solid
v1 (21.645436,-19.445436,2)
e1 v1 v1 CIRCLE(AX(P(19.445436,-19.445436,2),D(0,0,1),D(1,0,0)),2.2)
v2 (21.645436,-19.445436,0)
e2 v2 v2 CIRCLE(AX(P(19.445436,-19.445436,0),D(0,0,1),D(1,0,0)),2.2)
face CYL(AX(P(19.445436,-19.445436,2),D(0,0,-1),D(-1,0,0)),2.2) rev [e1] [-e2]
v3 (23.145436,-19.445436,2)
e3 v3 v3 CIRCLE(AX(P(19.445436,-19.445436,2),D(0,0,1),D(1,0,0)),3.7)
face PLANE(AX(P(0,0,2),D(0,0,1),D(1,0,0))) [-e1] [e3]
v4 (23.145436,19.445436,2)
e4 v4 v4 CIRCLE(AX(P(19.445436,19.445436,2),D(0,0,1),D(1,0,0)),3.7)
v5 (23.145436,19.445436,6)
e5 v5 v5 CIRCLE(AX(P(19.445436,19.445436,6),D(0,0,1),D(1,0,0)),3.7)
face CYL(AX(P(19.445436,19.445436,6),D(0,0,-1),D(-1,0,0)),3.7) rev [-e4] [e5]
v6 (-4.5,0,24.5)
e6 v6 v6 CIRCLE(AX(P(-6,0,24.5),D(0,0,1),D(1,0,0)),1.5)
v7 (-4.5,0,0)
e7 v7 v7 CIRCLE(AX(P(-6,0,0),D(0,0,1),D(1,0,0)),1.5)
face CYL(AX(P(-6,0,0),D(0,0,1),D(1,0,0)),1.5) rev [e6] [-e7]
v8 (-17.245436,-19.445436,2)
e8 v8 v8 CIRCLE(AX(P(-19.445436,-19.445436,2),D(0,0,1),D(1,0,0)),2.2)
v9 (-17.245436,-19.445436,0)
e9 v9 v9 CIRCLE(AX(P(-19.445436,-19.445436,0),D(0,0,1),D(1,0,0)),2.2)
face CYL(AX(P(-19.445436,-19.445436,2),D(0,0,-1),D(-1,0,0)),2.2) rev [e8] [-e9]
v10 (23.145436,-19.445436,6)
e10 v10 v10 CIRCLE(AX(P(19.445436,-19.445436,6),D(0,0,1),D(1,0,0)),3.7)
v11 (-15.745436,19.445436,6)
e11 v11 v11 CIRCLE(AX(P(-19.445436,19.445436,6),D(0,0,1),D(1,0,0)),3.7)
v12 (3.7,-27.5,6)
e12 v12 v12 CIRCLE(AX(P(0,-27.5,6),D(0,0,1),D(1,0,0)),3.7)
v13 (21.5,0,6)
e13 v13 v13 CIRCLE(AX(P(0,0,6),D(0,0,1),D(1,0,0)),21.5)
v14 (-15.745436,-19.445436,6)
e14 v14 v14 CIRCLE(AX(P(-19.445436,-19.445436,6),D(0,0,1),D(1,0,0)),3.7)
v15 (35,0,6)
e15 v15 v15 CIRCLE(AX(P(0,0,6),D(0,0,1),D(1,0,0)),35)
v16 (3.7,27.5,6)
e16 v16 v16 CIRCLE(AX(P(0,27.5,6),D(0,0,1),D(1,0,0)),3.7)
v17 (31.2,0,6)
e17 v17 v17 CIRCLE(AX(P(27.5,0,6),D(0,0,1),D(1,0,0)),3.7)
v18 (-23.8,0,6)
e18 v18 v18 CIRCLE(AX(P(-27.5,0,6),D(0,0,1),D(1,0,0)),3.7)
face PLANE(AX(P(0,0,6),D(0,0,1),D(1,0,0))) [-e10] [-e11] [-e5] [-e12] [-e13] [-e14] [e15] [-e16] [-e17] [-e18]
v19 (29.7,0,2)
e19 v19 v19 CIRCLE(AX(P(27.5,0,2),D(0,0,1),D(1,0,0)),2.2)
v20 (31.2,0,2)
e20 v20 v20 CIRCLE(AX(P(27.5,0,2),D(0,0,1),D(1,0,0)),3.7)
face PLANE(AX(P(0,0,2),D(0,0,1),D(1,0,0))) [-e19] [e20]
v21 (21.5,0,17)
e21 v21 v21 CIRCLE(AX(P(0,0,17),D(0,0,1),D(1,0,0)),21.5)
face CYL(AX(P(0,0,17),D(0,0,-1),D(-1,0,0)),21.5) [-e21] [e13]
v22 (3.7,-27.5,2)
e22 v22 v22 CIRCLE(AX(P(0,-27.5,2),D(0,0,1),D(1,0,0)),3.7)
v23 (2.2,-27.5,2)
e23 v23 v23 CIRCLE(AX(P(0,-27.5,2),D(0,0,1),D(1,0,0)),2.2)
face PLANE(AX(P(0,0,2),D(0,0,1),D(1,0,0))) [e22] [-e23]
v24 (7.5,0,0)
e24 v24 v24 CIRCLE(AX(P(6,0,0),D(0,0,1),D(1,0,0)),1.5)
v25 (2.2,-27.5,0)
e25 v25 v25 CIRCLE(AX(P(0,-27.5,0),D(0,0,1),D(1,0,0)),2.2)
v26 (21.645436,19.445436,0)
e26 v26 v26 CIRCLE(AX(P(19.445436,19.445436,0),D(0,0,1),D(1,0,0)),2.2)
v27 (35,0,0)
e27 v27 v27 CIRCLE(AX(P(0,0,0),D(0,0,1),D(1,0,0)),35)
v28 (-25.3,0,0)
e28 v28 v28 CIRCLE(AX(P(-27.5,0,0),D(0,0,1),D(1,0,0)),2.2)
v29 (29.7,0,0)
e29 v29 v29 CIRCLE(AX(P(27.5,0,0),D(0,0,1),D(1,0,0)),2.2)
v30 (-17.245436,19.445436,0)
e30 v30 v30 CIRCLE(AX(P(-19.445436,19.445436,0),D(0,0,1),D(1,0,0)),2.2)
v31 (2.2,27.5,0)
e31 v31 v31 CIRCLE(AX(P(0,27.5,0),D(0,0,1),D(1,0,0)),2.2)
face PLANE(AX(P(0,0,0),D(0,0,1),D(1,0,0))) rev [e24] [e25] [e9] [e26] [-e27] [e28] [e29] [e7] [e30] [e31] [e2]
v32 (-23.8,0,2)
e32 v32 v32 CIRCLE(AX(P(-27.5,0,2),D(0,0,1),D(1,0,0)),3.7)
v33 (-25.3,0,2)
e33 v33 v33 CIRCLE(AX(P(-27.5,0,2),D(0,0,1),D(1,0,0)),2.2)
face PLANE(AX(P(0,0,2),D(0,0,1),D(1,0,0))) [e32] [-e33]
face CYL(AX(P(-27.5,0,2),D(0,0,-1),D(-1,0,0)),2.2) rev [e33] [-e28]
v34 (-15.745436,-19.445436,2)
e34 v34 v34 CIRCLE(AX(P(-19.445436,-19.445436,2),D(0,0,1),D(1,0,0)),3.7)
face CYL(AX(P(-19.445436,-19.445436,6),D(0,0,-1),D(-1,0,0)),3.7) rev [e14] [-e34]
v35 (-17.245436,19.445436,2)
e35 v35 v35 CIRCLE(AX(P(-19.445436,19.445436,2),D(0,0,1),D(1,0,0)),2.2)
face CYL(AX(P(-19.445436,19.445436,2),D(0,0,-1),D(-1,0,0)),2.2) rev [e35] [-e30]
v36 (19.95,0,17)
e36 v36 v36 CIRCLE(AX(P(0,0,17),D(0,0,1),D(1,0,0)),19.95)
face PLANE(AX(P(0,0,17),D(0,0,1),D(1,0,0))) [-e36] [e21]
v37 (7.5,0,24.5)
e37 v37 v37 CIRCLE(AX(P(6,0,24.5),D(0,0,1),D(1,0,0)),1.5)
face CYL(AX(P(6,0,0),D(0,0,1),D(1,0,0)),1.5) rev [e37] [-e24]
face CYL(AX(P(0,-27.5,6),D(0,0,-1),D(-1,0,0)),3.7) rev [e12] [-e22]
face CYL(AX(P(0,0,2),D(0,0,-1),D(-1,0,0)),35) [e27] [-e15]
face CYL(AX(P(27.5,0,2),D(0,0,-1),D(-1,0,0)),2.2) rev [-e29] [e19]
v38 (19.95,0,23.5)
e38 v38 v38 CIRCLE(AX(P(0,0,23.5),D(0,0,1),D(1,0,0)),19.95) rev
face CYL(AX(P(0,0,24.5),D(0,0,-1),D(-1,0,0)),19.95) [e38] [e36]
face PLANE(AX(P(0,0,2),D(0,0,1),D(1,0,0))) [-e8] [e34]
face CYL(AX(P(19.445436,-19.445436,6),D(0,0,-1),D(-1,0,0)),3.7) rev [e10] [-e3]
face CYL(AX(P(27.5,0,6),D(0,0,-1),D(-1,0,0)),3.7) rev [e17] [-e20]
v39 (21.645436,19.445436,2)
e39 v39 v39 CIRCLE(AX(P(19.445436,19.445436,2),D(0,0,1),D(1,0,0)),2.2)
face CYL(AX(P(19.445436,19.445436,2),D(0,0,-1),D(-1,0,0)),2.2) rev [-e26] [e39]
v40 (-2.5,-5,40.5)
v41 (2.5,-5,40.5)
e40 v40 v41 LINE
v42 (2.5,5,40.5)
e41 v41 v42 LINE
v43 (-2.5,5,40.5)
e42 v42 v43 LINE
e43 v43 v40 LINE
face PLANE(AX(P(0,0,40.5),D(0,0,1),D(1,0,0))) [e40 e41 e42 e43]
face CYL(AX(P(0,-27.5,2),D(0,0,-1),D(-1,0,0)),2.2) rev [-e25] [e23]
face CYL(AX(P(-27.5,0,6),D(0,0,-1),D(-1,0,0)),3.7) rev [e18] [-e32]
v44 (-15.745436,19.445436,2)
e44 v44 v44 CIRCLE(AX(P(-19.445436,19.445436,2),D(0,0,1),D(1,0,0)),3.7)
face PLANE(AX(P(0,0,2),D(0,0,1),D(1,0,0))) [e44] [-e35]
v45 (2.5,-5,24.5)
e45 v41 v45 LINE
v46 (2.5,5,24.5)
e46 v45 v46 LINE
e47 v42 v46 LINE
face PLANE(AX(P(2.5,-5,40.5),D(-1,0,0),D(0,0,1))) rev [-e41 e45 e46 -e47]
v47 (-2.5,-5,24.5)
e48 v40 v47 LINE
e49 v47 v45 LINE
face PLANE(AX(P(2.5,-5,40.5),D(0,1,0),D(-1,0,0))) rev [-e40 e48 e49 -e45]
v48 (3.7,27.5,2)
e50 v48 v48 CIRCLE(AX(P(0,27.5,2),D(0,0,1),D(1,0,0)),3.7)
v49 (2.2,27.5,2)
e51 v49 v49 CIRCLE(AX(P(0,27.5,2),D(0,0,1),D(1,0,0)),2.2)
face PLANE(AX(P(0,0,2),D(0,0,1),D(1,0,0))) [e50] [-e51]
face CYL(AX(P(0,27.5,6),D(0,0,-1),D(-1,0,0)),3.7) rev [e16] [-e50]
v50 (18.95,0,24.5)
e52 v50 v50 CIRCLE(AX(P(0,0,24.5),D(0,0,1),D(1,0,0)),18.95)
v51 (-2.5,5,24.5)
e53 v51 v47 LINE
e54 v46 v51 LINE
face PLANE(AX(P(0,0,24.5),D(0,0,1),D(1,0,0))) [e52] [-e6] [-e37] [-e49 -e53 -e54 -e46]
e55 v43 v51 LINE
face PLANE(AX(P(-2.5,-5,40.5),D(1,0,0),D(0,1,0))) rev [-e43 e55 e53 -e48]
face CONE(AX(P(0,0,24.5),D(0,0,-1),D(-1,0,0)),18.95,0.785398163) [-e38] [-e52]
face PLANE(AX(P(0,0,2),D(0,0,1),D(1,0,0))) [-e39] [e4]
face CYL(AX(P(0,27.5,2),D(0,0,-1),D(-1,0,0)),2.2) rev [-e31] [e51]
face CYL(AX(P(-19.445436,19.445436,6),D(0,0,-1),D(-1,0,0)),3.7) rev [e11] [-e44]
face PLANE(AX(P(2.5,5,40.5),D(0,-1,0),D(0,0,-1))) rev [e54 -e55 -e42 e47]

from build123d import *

# Parameters (mm, degrees)
SKETCH1_R           = 35
SKETCH1_R_2         = 2.2
BOSS_EXTRUDE1_DEPTH = 2
SKETCH2_R           = 35
SKETCH2_R_2         = 3.7
BOSS_EXTRUDE2_DEPTH = 4
SKETCH4_R           = 19.95
BOSS_EXTRUDE3_DEPTH = 18.5
SKETCH6_W           = 5
SKETCH6_H           = 10
BOSS_EXTRUDE4_DEPTH = 16
SKETCH7_R           = 21.5
BOSS_EXTRUDE5_DEPTH = 11
SKETCH5_R           = 1.5
CUT_EXTRUDE1_DEPTH  = 25.5
CHAMFER1_SIZE       = 1


with BuildPart() as part:
    # Sketch1 → Boss-Extrude1 (new body)
    with BuildSketch(Plane.XY):
        Circle(SKETCH1_R)
        with Locations((0, 27.5)):
            Circle(SKETCH1_R_2, mode=Mode.SUBTRACT)
        with Locations((19.445436483, 19.445436483)):
            Circle(SKETCH1_R_2, mode=Mode.SUBTRACT)
        with Locations((27.5, 0)):
            Circle(SKETCH1_R_2, mode=Mode.SUBTRACT)
        with Locations((19.445436483, -19.445436483)):
            Circle(SKETCH1_R_2, mode=Mode.SUBTRACT)
        with Locations((0, -27.5)):
            Circle(SKETCH1_R_2, mode=Mode.SUBTRACT)
        with Locations((-19.445436483, -19.445436483)):
            Circle(SKETCH1_R_2, mode=Mode.SUBTRACT)
        with Locations((-27.5, 0)):
            Circle(SKETCH1_R_2, mode=Mode.SUBTRACT)
        with Locations((-19.445436483, 19.445436483)):
            Circle(SKETCH1_R_2, mode=Mode.SUBTRACT)
    extrude(amount=BOSS_EXTRUDE1_DEPTH)

    # Sketch2 → Boss-Extrude2 (add)
    with BuildSketch(Plane.XY.offset(2)):
        Circle(SKETCH2_R)
        with Locations((-27.5, 0)):
            Circle(SKETCH2_R_2, mode=Mode.SUBTRACT)
        with Locations((0, -27.5)):
            Circle(SKETCH2_R_2, mode=Mode.SUBTRACT)
        with Locations((27.5, 0)):
            Circle(SKETCH2_R_2, mode=Mode.SUBTRACT)
        with Locations((0, 27.5)):
            Circle(SKETCH2_R_2, mode=Mode.SUBTRACT)
        with Locations((19.445436483, 19.445436483)):
            Circle(SKETCH2_R_2, mode=Mode.SUBTRACT)
        with Locations((19.445436483, -19.445436483)):
            Circle(SKETCH2_R_2, mode=Mode.SUBTRACT)
        with Locations((-19.445436483, -19.445436483)):
            Circle(SKETCH2_R_2, mode=Mode.SUBTRACT)
        with Locations((-19.445436483, 19.445436483)):
            Circle(SKETCH2_R_2, mode=Mode.SUBTRACT)
    extrude(amount=BOSS_EXTRUDE2_DEPTH)

    # Sketch4 → Boss-Extrude3 (add)
    with BuildSketch(Plane.XY.offset(6)):
        Circle(SKETCH4_R)
    extrude(amount=BOSS_EXTRUDE3_DEPTH)

    # Sketch6 → Boss-Extrude4 (add)
    with BuildSketch(Plane.XY.offset(24.5)):
        Rectangle(SKETCH6_W, SKETCH6_H)
    extrude(amount=BOSS_EXTRUDE4_DEPTH)

    # Sketch7 → Boss-Extrude5 (add)
    with BuildSketch(Plane.XY.offset(6)):
        Circle(SKETCH7_R)
    extrude(amount=BOSS_EXTRUDE5_DEPTH)

    # Sketch5 → Cut-Extrude1 (cut, through all)
    with BuildSketch(Plane.XY.offset(24.5)):
        with Locations((-6, 0)):
            Circle(SKETCH5_R)
        with Locations((6, 0)):
            Circle(SKETCH5_R)
    extrude(amount=-CUT_EXTRUDE1_DEPTH, mode=Mode.SUBTRACT)

    # Chamfer1
    chamfer1_edges = [part.edges().sort_by_distance(p)[0] for p in [
        (-19.95, 0, 24.5),
    ]]
    chamfer(chamfer1_edges, length=CHAMFER1_SIZE)


solid = part.part
